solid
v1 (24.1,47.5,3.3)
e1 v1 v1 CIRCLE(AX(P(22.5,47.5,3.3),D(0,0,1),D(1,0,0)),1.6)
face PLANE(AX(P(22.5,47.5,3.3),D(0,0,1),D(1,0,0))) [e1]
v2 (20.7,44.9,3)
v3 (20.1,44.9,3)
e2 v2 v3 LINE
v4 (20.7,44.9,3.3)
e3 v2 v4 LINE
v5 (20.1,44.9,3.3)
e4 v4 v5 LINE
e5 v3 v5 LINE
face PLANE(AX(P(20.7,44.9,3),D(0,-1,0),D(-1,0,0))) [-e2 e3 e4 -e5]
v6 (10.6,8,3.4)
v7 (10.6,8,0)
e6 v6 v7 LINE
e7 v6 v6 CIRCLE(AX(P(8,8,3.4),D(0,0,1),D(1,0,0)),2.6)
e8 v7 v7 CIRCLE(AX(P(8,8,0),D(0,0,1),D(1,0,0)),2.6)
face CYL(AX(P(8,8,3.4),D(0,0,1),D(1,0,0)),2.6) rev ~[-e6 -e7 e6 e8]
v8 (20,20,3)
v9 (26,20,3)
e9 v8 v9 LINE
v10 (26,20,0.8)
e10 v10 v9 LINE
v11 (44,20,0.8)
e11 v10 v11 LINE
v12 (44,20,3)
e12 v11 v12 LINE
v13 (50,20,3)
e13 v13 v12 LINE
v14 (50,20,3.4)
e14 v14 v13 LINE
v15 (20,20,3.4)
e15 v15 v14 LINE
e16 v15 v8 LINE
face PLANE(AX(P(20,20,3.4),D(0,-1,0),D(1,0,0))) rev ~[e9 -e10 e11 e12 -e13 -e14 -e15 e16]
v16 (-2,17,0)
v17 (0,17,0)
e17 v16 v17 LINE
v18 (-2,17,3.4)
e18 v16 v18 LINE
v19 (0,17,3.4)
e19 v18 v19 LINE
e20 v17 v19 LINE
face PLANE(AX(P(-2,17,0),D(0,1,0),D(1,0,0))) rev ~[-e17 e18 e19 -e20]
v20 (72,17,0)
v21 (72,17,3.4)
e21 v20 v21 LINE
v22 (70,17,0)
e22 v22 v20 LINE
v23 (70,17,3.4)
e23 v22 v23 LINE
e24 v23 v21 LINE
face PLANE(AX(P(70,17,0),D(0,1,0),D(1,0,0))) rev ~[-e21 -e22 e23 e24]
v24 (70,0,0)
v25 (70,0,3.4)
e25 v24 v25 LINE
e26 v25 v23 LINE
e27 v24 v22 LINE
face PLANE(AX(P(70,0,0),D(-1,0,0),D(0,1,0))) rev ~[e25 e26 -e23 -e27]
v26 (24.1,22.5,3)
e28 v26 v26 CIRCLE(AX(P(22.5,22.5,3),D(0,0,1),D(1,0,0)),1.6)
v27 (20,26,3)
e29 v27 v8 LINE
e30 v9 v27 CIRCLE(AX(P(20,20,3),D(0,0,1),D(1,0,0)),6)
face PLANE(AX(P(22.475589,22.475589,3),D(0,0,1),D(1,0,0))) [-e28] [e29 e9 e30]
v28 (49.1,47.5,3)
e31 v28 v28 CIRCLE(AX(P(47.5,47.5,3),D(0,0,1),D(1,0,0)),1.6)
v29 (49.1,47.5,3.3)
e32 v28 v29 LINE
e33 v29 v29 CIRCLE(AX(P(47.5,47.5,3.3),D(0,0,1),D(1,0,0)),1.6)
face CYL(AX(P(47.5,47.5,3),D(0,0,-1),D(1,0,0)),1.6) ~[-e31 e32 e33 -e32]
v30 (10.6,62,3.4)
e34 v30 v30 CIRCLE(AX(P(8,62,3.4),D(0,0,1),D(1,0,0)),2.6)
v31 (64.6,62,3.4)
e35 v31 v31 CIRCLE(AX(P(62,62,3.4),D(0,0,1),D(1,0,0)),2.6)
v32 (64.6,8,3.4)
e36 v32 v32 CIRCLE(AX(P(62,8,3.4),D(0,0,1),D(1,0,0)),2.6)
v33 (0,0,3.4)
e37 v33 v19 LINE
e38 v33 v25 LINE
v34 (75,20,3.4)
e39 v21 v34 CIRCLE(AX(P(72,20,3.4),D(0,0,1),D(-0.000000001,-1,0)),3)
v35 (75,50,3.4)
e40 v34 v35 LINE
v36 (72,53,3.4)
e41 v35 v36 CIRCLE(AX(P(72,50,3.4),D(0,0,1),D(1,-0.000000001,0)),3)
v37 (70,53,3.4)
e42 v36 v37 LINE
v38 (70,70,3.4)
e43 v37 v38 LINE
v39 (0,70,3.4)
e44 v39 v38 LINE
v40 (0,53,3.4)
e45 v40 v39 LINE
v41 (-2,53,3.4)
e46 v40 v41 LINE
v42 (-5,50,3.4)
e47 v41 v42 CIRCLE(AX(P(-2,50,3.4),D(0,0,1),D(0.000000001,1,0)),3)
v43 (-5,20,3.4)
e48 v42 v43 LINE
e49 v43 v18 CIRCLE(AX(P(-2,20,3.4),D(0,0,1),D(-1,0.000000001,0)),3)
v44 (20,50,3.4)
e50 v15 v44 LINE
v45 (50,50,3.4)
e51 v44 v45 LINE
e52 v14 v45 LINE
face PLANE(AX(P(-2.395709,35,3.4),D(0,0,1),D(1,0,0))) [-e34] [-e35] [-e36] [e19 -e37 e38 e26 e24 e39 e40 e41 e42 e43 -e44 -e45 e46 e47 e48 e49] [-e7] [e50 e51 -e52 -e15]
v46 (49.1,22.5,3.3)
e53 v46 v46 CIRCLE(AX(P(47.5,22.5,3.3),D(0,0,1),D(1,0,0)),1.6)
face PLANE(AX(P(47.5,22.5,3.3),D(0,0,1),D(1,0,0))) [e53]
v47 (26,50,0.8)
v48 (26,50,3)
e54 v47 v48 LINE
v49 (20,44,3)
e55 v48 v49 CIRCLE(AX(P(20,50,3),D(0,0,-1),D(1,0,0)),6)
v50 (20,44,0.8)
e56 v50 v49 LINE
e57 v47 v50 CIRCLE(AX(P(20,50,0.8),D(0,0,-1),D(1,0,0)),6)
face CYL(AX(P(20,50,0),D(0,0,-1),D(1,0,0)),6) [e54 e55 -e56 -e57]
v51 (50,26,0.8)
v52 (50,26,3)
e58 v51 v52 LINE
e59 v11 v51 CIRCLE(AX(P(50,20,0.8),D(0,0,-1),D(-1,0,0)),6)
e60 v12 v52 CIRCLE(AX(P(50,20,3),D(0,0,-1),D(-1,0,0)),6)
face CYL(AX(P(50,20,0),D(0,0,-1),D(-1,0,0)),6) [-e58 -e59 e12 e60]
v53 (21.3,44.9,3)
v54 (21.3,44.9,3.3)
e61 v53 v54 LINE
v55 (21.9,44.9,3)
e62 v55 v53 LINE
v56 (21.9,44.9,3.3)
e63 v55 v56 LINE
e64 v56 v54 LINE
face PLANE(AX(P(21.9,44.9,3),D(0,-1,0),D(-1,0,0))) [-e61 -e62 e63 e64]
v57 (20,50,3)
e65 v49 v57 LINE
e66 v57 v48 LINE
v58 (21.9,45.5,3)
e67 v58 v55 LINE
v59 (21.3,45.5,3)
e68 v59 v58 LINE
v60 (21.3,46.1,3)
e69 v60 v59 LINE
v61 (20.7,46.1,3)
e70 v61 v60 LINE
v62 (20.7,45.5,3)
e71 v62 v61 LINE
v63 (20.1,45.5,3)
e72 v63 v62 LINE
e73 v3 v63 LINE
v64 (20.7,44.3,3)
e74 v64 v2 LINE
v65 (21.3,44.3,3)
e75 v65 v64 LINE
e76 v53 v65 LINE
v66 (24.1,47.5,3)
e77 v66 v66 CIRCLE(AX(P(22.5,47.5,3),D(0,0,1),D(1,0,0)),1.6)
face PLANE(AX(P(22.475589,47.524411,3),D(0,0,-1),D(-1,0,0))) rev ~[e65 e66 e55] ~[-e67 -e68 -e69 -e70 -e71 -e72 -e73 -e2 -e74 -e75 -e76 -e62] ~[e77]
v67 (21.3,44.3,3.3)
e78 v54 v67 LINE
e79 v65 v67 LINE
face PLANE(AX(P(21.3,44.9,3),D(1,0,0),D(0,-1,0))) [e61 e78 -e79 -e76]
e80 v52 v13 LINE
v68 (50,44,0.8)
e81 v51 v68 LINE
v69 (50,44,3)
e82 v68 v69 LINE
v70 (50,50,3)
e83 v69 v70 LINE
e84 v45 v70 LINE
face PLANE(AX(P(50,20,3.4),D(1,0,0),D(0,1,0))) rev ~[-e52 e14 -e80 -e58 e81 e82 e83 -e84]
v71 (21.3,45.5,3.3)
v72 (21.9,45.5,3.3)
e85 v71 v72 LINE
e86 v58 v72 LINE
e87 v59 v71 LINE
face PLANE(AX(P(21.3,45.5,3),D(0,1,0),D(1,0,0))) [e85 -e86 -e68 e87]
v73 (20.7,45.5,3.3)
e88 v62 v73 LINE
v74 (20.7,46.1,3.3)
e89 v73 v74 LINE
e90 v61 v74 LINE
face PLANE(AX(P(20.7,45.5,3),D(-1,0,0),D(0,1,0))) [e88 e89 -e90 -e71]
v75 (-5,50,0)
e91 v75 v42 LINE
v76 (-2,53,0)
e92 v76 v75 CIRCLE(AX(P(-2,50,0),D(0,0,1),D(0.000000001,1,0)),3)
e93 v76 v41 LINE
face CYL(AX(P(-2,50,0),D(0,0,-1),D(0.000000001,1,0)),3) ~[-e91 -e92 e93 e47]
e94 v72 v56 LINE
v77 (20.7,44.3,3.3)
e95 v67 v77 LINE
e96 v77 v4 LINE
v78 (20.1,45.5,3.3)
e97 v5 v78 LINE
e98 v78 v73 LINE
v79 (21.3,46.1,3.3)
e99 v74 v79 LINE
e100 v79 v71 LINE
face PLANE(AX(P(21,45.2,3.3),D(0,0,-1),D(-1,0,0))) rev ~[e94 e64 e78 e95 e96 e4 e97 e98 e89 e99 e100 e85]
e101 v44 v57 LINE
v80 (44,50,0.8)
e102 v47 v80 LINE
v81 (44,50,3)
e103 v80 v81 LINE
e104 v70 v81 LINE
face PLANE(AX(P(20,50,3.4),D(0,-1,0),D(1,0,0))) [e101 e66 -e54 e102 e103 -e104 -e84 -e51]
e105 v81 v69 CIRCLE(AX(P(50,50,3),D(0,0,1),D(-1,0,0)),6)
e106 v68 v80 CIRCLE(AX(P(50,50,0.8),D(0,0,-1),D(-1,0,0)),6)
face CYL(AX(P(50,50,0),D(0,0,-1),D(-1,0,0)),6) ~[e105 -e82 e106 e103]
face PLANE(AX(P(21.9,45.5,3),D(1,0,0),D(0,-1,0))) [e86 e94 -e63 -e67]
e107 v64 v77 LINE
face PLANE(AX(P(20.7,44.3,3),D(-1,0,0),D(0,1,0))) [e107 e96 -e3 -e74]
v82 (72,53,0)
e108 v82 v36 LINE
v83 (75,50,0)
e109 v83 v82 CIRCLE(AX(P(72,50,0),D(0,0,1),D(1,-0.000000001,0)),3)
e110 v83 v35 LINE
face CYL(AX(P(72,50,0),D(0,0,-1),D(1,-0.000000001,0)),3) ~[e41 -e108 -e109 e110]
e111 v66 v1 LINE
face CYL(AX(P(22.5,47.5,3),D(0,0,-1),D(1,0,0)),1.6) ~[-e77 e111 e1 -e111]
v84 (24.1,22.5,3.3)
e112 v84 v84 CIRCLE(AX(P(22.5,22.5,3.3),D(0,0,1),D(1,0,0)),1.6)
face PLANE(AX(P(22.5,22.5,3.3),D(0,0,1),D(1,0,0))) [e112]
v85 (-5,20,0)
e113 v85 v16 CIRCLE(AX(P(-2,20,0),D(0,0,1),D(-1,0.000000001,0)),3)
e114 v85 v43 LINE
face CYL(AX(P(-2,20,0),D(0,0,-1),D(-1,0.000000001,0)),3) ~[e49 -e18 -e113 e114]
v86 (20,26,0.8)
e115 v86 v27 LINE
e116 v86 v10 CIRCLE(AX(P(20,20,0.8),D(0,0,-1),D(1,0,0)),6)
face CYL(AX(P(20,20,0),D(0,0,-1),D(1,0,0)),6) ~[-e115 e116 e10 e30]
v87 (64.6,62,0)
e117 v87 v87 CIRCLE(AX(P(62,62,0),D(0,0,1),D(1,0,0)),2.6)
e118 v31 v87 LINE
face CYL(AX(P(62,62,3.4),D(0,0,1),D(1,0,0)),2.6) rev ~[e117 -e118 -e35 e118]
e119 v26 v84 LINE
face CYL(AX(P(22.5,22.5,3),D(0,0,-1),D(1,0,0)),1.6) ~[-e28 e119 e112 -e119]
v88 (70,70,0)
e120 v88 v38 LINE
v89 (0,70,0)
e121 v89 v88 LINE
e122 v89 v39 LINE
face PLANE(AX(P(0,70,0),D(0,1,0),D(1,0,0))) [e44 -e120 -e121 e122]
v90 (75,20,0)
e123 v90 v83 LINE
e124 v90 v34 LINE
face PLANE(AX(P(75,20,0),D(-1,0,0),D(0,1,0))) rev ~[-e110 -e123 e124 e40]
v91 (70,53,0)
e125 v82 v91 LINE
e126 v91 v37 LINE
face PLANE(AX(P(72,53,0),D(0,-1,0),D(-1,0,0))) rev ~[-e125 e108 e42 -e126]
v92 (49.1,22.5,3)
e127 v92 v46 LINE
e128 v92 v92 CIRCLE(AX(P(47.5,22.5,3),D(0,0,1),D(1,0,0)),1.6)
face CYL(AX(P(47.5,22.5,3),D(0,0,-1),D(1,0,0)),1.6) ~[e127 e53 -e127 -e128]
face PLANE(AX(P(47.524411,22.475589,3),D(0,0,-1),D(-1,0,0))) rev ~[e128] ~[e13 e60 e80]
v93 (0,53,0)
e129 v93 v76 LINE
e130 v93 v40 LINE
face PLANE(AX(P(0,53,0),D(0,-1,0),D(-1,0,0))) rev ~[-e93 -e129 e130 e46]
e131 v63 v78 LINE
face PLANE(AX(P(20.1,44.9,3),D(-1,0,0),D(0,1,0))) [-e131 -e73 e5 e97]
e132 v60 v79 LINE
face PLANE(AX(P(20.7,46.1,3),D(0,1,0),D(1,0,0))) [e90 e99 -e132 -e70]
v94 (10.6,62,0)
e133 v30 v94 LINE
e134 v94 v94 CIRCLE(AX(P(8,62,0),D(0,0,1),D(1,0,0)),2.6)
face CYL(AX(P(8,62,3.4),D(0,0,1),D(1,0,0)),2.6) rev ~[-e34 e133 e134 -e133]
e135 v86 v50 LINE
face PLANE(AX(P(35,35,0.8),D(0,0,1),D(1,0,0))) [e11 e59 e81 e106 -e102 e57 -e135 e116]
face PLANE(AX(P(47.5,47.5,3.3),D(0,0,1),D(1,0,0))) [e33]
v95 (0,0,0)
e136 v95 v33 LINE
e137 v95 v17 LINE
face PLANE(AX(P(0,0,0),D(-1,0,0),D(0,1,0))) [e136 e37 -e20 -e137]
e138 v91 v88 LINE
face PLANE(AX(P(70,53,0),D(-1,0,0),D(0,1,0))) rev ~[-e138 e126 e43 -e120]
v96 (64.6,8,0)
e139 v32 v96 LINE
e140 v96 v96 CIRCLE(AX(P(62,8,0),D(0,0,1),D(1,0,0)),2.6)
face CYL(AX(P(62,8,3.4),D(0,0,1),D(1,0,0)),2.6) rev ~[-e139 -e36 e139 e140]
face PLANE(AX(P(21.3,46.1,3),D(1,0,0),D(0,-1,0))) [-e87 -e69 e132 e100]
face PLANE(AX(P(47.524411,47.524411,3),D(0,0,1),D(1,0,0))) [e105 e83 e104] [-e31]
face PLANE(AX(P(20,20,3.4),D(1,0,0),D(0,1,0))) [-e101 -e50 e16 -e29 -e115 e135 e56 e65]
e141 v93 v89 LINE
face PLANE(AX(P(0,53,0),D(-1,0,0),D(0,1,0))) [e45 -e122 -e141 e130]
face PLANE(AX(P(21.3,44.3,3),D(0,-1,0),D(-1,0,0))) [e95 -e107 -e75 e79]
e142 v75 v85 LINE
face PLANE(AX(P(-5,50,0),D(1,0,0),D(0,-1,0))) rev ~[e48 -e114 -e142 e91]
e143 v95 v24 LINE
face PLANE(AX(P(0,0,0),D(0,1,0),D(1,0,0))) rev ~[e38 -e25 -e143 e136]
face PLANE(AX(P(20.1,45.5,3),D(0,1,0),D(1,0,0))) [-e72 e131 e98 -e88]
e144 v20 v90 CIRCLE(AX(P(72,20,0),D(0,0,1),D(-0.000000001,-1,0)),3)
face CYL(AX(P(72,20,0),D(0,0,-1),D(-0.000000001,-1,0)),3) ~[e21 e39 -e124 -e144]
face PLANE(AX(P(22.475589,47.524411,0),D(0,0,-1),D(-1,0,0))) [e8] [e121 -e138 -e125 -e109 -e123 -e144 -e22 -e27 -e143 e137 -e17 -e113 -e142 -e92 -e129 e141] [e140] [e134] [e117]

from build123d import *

# Parameters (mm, degrees)
SKETCH_1_W          = 70
SKETCH_1_H          = 70
EXTRUDE_1_DEPTH     = 3.4
SKETCH_2_W          = 30
SKETCH_2_H          = 30
CUT_EXTRUDE_1_DEPTH = 2.6
SKETCH_3_R          = 2.6
CUT_EXTRUDE_2_DEPTH = 4.4
EXTRUDE_2_DEPTH     = 3
SKETCH_6_R          = 1.6
EXTRUDE_3_DEPTH     = 0.3


with BuildPart() as part:
    # 草图1 → 凸台-拉伸1 (new body)
    with BuildSketch(Plane.XY):
        with BuildLine():
            Line((-2, 17), (0, 17))
            Line((0, 17), (0, 53))
            Line((0, 53), (-2, 53))
            ThreePointArc((-2, 53), (-4.121320344, 52.121320344), (-5, 50))
            Line((-5, 50), (-5, 20))
            ThreePointArc((-5, 20), (-4.121320344, 17.878679656), (-2, 17))
        make_face()
        with Locations((35, 35)):
            Rectangle(SKETCH_1_W, SKETCH_1_H)
        with BuildLine():
            Line((70, 53), (70, 17))
            Line((70, 17), (72, 17))
            ThreePointArc((72, 17), (74.121320344, 17.878679656), (75, 20))
            Line((75, 20), (75, 50))
            ThreePointArc((75, 50), (74.121320344, 52.121320344), (72, 53))
            Line((72, 53), (70, 53))
        make_face()
    extrude(amount=EXTRUDE_1_DEPTH)

    # 草图2 → 切除-拉伸1 (cut)
    with BuildSketch(Plane.XY.offset(3.4)):
        with Locations((35, 35)):
            Rectangle(SKETCH_2_W, SKETCH_2_H)
    extrude(amount=-CUT_EXTRUDE_1_DEPTH, mode=Mode.SUBTRACT)

    # 草图3 → 切除-拉伸2 (cut, through all)
    with BuildSketch(Plane.XY.offset(3.4)):
        with Locations((8, 62)):
            Circle(SKETCH_3_R)
        with Locations((62, 62)):
            Circle(SKETCH_3_R)
        with Locations((8, 8)):
            Circle(SKETCH_3_R)
        with Locations((62, 8)):
            Circle(SKETCH_3_R)
    extrude(amount=-CUT_EXTRUDE_2_DEPTH, mode=Mode.SUBTRACT)

    # 草图4 → 凸台-拉伸2 (add)
    with BuildSketch(Plane.XY):
        with BuildLine():
            Line((20, 44), (20, 50))
            Line((20, 50), (26, 50))
            ThreePointArc((26, 50), (24.242640687, 45.757359313), (20, 44))
        make_face()
        with BuildLine():
            Line((50, 44), (50, 50))
            Line((50, 50), (44, 50))
            ThreePointArc((44, 50), (45.757359313, 45.757359313), (50, 44))
        make_face()
        with BuildLine():
            Line((50, 20), (44, 20))
            ThreePointArc((44, 20), (45.757359313, 24.242640687), (50, 26))
            Line((50, 26), (50, 20))
        make_face()
        with BuildLine():
            Line((20, 26), (20, 20))
            Line((20, 20), (26, 20))
            ThreePointArc((26, 20), (24.242640687, 24.242640687), (20, 26))
        make_face()
    extrude(amount=EXTRUDE_2_DEPTH)

    # 草图6 → 凸台-拉伸3 (add)
    with BuildSketch(Plane.XY.offset(3)):
        with Locations((22.5, 47.5)):
            Circle(SKETCH_6_R)
        with Locations((47.5, 47.5)):
            Circle(SKETCH_6_R)
        with Locations((47.5, 22.5)):
            Circle(SKETCH_6_R)
        with Locations((22.5, 22.5)):
            Circle(SKETCH_6_R)
        Polygon((20.1, 45.5), (20.7, 45.5), (20.7, 46.1), (21.3, 46.1), (21.3, 45.5), (21.9, 45.5), (21.9, 44.9), (21.3, 44.9), (21.3, 44.3), (20.7, 44.3), (20.7, 44.9), (20.1, 44.9), align=None)
    extrude(amount=EXTRUDE_3_DEPTH)


solid = part.part
